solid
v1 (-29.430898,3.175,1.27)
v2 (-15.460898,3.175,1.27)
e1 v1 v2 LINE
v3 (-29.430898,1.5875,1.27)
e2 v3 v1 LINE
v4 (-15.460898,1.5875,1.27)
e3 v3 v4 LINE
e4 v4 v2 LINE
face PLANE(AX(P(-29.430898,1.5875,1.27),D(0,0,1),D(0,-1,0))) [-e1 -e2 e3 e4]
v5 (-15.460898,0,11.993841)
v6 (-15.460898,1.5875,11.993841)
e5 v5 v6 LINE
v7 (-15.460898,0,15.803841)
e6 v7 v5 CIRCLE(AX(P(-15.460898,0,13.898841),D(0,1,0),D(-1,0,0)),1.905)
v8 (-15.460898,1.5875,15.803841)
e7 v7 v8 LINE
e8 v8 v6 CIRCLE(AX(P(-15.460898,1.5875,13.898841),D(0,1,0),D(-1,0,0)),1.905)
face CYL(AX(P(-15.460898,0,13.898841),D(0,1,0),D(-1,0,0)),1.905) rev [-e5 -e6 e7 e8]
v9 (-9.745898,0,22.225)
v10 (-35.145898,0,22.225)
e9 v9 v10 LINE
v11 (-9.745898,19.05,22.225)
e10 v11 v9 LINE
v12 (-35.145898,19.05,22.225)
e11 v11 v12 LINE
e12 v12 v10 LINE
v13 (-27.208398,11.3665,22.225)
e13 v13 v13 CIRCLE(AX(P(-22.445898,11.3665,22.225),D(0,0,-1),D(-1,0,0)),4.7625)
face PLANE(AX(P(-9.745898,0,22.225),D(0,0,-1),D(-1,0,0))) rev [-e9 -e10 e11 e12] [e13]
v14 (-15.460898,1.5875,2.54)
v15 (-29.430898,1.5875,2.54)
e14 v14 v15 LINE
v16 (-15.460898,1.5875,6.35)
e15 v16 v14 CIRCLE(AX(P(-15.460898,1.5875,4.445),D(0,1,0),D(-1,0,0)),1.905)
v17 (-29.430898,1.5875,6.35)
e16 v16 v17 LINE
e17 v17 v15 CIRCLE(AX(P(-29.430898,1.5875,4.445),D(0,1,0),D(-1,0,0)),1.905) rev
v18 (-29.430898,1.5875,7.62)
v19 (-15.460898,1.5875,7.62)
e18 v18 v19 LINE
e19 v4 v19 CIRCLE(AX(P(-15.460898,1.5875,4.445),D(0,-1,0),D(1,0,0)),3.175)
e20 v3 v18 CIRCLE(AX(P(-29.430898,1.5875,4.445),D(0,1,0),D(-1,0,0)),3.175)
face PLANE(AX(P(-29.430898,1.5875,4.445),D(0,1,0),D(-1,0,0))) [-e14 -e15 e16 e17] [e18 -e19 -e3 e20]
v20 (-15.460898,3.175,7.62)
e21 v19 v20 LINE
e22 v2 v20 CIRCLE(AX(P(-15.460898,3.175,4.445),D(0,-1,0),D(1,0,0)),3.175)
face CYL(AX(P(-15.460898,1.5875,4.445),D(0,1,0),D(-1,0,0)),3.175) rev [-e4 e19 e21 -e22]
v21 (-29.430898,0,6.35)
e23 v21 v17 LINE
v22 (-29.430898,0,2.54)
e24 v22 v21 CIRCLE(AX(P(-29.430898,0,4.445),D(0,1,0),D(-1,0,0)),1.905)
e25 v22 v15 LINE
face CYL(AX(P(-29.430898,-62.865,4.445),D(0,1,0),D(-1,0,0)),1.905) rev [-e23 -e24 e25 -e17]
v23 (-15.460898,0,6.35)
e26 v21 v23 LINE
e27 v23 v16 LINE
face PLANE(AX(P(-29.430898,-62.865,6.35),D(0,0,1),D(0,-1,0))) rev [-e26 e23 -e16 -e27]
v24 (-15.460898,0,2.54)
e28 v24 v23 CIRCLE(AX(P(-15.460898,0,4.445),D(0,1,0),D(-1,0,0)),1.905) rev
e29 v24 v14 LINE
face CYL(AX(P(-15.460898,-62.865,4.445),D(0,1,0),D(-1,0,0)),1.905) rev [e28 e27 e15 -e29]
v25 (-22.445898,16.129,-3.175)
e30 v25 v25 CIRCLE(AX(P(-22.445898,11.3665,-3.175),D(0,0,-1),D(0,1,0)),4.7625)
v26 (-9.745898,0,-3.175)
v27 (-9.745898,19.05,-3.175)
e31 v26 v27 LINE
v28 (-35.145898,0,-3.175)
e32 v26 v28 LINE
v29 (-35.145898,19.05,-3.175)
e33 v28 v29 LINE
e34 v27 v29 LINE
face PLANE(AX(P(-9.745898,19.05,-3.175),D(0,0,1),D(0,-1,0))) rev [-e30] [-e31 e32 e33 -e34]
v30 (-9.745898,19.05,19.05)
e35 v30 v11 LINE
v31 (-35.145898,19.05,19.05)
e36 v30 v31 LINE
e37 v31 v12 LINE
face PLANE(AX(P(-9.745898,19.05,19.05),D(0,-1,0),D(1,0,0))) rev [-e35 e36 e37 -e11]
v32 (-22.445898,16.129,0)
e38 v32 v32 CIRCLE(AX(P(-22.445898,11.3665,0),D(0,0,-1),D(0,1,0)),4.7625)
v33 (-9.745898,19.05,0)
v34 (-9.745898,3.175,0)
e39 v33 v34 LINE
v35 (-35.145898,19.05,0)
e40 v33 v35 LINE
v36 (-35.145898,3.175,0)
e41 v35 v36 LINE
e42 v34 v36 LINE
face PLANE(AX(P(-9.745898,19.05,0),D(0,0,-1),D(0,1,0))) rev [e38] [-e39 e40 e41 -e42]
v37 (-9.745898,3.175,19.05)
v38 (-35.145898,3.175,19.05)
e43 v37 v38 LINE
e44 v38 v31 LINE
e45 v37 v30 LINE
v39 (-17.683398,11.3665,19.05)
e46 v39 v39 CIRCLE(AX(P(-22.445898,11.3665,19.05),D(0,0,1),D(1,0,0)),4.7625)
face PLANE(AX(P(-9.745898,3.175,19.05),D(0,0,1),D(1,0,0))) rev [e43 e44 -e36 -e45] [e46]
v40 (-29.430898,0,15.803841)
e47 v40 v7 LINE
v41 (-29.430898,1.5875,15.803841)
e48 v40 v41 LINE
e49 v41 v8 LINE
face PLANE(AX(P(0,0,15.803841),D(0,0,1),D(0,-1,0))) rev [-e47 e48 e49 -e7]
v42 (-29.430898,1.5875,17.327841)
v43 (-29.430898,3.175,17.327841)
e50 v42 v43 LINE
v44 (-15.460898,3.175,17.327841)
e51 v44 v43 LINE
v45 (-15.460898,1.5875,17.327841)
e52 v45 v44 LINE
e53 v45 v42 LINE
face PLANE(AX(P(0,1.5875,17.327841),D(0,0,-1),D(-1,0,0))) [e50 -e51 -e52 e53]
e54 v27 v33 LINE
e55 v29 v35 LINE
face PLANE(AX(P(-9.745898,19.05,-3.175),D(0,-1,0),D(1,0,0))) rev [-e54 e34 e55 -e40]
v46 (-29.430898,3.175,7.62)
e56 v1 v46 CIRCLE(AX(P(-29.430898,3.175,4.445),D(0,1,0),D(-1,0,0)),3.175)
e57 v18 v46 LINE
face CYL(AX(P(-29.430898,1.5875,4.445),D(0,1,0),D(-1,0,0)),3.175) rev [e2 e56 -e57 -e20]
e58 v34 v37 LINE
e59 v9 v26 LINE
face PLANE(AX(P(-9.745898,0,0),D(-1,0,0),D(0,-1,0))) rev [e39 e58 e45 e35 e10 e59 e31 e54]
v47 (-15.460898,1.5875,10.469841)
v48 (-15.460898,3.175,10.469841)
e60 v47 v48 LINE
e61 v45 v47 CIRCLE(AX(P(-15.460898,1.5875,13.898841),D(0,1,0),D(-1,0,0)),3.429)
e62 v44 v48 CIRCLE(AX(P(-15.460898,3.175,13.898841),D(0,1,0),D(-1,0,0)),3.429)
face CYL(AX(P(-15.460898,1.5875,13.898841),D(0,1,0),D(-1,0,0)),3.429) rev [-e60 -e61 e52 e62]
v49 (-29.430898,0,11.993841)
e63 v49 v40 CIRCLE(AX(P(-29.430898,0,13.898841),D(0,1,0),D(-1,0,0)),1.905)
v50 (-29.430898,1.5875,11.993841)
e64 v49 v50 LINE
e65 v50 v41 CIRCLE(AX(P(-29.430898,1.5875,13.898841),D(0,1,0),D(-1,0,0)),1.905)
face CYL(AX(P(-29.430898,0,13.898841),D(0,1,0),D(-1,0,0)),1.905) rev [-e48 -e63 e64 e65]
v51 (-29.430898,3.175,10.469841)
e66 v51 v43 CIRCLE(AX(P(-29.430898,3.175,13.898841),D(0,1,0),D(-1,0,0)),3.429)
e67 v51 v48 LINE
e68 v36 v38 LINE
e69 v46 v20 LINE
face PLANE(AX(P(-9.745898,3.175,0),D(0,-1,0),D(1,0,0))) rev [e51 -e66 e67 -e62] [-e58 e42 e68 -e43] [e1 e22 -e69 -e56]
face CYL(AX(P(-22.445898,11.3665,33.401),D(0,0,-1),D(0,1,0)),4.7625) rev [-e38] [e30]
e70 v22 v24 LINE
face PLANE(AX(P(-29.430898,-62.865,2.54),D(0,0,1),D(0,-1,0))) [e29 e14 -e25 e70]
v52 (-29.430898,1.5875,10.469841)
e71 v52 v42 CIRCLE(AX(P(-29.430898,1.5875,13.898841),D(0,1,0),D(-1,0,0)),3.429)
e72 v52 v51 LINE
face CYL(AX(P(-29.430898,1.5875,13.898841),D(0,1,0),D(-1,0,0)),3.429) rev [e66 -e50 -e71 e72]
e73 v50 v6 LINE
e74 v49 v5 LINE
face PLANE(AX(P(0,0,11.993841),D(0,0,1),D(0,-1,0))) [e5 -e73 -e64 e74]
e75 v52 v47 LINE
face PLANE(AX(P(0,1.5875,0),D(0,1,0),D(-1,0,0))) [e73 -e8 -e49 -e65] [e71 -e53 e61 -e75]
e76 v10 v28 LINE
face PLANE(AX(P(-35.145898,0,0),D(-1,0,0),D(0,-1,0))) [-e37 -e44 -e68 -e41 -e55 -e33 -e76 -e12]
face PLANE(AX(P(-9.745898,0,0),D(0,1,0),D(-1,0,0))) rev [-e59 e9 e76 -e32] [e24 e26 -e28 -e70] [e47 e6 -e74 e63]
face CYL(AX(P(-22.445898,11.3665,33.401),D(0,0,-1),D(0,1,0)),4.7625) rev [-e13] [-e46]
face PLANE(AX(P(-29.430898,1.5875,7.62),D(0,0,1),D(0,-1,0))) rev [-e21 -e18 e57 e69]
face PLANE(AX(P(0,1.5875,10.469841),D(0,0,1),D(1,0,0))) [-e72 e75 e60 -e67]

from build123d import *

# Parameters (mm, degrees)
BOSS_EXTRUDE2_DEPTH = 25.4
SKETCH3_R           = 4.7625
CUT_EXTRUDE1_DEPTH  = 36.576
CUT_EXTRUDE2_DEPTH  = 66.04
CUT_EXTRUDE3_DEPTH  = 1.5875
CUT_EXTRUDE4_DEPTH  = 1.5875
CUT_EXTRUDE5_DEPTH  = 45.510676996


with BuildPart() as part:
    # Sketch1 → Boss-Extrude2 (new body)
    with BuildSketch(Plane(origin=(-35.145897579, 0, 0), x_dir=(0, 0, -1), z_dir=(1, 0, 0))):
        Polygon((0, 0), (-19.05, 0), (-22.225, 0), (-22.225, 19.05), (-19.05, 19.05), (-19.05, 3.175), (0, 3.175), (0, 19.05), (3.175, 19.05), (3.175, 0), align=None)
    extrude(amount=BOSS_EXTRUDE2_DEPTH)

    # Sketch3 → Cut-Extrude1 (cut)
    with BuildSketch(Plane(origin=(0, 0, -3.175), x_dir=(-1, 0, 0), z_dir=(0, 0, -1))):
        with Locations((22.445897579, 11.3665)):
            Circle(SKETCH3_R)
    extrude(amount=-CUT_EXTRUDE1_DEPTH, mode=Mode.SUBTRACT)

    # Sketch4 → Cut-Extrude2 (cut)
    with BuildSketch(Plane(origin=(0, 3.175, 0), x_dir=(1, 0, 0), z_dir=(0, 1, 0))):
        with BuildLine():
            Line((-29.430897579, -2.54), (-15.460897579, -2.54))
            ThreePointArc((-15.460897579, -2.54), (-13.555897579, -4.445), (-15.460897579, -6.35))
            Line((-15.460897579, -6.35), (-29.430897579, -6.35))
            ThreePointArc((-29.430897579, -6.35), (-31.335897579, -4.445), (-29.430897579, -2.54))
        make_face()
    extrude(amount=-CUT_EXTRUDE2_DEPTH, mode=Mode.SUBTRACT)

    # Sketch7 → Cut-Extrude3 (cut)
    with BuildSketch(Plane(origin=(0, 3.175, 0), x_dir=(1, 0, 0), z_dir=(0, 1, 0))):
        with BuildLine():
            Line((-29.430897579, -1.27), (-15.460897579, -1.27))
            ThreePointArc((-15.460897579, -1.27), (-12.285897579, -4.445), (-15.460897579, -7.62))
            Line((-15.460897579, -7.62), (-29.430897579, -7.62))
            ThreePointArc((-29.430897579, -7.62), (-32.605897579, -4.445), (-29.430897579, -1.27))
        make_face()
    extrude(amount=-CUT_EXTRUDE3_DEPTH, mode=Mode.SUBTRACT)

    # Sketch8 → Cut-Extrude4 (cut)
    with BuildSketch(Plane(origin=(0, 3.175, 0), x_dir=(1, 0, 0), z_dir=(0, 1, 0))):
        with BuildLine():
            Line((-15.460897579, -10.469840803), (-29.430897579, -10.469840803))
            ThreePointArc((-29.430897579, -10.469840803), (-32.859897579, -13.898840803), (-29.430897579, -17.327840803))
            Line((-29.430897579, -17.327840803), (-15.460897579, -17.327840803))
            ThreePointArc((-15.460897579, -17.327840803), (-12.031897579, -13.898840803), (-15.460897579, -10.469840803))
        make_face()
    extrude(amount=-CUT_EXTRUDE4_DEPTH, mode=Mode.SUBTRACT)

    # Sketch8<3> → Cut-Extrude5 (cut, through all)
    with BuildSketch(Plane(origin=(0, 3.175, 0), x_dir=(1, 0, 0), z_dir=(0, 1, 0))):
        with BuildLine():
            Line((-15.460897579, -11.993840803), (-29.430897579, -11.993840803))
            ThreePointArc((-29.430897579, -11.993840803), (-31.335897579, -13.898840803), (-29.430897579, -15.803840803))
            Line((-29.430897579, -15.803840803), (-15.460897579, -15.803840803))
            ThreePointArc((-15.460897579, -15.803840803), (-13.555897579, -13.898840803), (-15.460897579, -11.993840803))
        make_face()
    extrude(amount=-CUT_EXTRUDE5_DEPTH, mode=Mode.SUBTRACT)


solid = part.part
